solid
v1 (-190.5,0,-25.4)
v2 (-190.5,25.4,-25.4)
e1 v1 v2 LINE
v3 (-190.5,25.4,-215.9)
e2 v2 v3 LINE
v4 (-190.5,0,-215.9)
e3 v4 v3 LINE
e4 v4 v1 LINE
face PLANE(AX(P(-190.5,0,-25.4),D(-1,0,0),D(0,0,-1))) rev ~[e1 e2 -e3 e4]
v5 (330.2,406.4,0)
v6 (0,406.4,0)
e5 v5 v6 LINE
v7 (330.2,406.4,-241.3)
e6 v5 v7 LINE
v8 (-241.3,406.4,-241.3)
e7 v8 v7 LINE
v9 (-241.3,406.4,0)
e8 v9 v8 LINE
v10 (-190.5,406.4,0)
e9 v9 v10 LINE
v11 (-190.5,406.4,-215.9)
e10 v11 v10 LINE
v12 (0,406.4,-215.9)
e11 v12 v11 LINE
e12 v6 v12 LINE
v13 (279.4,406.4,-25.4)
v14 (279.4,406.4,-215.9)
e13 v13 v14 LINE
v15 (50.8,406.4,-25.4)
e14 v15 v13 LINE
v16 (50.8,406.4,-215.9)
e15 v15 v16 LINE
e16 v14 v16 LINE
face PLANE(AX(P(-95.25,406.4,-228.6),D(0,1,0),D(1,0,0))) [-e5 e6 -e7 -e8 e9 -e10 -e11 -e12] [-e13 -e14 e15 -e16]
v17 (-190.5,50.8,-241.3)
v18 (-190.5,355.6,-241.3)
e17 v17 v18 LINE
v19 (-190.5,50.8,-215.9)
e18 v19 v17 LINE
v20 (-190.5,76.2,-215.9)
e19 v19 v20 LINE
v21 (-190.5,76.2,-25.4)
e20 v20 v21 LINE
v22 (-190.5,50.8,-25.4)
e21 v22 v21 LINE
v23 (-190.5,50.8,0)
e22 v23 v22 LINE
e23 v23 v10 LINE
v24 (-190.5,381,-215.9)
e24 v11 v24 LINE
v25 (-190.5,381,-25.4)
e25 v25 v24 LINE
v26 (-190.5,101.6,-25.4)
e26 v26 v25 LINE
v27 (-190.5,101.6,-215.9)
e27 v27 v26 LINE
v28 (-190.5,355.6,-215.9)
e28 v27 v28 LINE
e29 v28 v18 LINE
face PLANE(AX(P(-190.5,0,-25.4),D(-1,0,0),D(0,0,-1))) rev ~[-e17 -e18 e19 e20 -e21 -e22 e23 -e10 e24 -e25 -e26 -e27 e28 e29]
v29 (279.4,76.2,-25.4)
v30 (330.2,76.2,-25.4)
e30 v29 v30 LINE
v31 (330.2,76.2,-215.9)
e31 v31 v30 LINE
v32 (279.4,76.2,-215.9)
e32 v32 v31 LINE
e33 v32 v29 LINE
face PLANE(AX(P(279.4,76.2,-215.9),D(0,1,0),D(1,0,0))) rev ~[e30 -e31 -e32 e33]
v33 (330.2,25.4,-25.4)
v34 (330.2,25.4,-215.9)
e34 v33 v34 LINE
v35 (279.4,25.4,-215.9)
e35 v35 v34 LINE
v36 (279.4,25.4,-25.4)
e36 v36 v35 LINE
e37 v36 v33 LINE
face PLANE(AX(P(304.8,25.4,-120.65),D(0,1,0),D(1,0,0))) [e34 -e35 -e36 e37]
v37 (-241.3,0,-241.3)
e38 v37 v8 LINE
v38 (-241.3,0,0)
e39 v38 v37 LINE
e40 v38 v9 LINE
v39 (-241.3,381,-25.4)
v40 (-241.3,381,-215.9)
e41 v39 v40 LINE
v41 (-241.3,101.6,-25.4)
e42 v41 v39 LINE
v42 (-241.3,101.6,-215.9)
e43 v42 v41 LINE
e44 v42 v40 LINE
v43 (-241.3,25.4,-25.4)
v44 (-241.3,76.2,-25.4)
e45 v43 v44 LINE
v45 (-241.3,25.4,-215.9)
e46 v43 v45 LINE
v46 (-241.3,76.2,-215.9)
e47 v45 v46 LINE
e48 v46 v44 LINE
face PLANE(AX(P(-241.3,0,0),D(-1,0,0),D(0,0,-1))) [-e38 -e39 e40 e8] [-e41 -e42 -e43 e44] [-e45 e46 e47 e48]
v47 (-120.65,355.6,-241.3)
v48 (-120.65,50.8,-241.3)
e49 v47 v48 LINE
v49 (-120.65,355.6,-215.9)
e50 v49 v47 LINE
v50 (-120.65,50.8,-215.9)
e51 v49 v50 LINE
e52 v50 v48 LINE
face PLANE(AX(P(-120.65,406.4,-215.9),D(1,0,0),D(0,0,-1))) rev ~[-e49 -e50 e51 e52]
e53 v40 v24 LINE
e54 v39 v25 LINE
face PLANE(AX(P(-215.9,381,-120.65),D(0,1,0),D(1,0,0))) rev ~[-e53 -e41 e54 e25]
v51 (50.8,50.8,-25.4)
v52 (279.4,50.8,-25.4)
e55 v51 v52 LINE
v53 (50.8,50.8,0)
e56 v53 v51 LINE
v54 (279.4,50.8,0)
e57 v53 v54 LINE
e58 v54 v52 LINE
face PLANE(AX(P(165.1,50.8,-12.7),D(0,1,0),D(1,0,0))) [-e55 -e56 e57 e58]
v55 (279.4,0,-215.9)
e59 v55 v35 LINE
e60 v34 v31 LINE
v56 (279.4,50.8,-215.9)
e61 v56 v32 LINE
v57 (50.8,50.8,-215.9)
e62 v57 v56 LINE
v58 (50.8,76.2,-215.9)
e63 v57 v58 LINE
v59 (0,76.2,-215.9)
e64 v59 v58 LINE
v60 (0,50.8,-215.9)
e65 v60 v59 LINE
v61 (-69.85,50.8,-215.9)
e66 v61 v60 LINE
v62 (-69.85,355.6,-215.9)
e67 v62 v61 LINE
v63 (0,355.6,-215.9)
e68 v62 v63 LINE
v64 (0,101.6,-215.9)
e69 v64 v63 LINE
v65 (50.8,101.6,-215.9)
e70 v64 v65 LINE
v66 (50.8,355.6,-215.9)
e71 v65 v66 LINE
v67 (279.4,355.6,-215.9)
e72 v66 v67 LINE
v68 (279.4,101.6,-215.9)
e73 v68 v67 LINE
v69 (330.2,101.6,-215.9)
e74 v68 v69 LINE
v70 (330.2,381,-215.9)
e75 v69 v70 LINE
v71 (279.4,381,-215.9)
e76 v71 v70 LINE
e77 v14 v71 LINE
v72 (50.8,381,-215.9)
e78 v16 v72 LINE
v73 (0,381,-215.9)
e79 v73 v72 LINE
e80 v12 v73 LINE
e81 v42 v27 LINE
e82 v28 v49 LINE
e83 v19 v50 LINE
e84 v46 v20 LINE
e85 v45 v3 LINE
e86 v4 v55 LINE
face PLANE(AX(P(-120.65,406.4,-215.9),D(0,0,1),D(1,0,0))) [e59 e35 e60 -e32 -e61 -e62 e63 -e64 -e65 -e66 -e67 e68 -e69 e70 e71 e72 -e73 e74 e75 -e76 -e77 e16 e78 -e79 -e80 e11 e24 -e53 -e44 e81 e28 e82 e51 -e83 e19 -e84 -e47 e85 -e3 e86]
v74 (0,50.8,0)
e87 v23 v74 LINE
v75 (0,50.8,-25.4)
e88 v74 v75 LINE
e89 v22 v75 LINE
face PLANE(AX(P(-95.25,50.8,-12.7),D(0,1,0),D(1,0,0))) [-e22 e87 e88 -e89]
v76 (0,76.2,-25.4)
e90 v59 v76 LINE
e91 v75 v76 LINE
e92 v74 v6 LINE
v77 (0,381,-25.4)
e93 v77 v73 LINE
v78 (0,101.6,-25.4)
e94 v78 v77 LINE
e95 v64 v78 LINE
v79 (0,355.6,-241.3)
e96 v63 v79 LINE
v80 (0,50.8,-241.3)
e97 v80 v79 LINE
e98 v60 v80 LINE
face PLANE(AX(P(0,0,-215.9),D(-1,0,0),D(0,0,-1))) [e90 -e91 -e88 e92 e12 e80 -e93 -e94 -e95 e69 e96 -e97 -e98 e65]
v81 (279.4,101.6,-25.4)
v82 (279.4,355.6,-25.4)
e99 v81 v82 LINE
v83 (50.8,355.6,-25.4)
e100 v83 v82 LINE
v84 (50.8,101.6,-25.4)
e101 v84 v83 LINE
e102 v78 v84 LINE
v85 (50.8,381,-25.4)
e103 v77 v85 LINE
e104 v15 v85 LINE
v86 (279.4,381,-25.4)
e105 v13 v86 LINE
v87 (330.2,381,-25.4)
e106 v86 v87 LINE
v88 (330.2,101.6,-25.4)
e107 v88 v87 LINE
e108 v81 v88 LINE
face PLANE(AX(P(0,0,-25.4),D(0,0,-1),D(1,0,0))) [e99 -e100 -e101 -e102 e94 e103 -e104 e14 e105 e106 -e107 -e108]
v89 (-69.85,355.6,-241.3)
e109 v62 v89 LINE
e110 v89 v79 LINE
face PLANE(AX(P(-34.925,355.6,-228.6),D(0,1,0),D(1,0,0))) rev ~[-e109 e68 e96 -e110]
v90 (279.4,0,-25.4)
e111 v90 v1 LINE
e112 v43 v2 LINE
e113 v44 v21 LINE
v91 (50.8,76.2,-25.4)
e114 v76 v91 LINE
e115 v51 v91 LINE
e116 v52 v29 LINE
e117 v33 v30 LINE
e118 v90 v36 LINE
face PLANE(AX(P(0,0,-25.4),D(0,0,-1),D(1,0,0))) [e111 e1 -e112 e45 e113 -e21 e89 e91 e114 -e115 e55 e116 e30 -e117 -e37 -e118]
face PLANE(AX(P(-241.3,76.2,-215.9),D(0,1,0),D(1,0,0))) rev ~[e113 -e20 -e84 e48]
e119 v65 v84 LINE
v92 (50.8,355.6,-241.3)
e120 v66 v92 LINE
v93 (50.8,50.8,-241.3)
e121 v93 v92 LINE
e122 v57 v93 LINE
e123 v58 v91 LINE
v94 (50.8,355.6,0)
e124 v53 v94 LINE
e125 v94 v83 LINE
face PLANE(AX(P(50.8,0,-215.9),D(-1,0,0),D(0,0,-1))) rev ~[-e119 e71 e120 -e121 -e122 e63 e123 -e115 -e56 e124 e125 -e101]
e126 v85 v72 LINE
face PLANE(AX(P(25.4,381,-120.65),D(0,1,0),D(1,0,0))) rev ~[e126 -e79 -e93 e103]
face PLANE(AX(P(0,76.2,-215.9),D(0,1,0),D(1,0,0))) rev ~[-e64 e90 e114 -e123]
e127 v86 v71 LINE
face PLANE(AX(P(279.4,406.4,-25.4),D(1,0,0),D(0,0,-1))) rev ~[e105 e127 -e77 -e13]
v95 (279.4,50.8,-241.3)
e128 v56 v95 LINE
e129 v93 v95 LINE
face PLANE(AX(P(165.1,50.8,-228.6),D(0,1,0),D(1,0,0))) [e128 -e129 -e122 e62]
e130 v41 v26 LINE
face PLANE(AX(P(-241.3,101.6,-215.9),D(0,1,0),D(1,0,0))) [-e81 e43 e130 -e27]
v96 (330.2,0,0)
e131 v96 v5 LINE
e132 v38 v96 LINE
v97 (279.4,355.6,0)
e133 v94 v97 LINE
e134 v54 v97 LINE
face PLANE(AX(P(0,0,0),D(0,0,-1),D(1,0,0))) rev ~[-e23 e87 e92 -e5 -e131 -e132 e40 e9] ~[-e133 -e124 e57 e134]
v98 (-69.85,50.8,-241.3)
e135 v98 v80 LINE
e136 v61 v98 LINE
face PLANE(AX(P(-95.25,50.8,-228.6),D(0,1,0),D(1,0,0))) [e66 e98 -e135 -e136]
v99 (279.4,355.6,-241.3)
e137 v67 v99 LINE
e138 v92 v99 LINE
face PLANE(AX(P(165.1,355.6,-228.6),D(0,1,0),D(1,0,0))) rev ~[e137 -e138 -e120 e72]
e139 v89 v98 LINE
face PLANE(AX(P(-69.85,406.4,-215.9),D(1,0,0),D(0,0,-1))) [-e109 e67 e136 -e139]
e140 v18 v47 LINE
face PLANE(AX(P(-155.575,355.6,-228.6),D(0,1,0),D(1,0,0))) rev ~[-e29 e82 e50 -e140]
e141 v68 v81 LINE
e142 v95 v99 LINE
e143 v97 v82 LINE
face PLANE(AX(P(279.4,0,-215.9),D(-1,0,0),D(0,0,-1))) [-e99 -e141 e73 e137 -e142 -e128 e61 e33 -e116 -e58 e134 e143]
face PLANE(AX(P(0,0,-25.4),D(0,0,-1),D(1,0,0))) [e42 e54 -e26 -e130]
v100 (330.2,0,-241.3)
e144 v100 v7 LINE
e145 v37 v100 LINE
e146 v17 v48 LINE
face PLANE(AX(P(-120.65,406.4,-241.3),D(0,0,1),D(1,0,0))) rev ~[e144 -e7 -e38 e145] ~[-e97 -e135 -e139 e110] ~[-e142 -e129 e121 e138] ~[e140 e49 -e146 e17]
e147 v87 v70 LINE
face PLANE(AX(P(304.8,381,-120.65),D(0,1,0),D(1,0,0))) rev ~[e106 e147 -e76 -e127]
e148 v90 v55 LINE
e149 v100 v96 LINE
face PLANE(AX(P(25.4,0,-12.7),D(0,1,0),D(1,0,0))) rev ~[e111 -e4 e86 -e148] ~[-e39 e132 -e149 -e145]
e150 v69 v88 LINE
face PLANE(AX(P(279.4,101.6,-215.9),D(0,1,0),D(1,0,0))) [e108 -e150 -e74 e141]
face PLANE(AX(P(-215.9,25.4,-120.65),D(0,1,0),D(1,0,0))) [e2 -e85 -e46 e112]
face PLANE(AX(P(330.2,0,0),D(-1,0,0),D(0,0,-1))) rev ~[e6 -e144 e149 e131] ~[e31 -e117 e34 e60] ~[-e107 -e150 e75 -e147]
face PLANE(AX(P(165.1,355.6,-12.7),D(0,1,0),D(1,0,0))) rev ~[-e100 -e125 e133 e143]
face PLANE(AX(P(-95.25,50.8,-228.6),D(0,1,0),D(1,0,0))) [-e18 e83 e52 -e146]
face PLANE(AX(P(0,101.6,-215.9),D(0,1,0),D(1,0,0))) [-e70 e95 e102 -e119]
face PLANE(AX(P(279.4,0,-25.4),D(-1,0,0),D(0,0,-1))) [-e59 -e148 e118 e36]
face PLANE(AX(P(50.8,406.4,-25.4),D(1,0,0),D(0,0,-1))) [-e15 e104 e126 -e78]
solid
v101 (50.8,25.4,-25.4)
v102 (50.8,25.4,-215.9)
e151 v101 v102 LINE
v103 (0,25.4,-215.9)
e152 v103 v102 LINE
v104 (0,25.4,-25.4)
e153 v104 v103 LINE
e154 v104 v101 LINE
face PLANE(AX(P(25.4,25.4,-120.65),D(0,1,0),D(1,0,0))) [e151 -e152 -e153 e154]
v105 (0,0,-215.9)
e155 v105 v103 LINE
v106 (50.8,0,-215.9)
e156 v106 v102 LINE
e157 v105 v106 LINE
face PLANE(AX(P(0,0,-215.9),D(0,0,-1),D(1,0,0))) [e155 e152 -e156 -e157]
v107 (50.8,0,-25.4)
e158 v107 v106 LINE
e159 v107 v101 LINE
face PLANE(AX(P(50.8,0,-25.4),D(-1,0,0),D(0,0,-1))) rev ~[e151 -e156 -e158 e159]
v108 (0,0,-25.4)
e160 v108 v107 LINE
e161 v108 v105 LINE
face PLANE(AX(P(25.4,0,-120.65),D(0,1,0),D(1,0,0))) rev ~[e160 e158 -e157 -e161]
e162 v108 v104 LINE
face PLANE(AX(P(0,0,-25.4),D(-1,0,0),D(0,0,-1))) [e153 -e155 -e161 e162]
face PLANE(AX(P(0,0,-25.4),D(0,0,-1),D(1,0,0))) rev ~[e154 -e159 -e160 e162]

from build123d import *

# Parameters (mm, degrees)
SKETCH1_W             = 190.5
SKETCH1_H             = 25.4
BOSS_EXTRUDE1_DEPTH   = 50.8
BOSS_EXTRUDE1_2_DEPTH = 50.8
SKETCH1_W_2           = 228.6
BOSS_EXTRUDE1_3_DEPTH = 50.8
BOSS_EXTRUDE1_4_DEPTH = 50.8
SKETCH1_3_W           = 50.8
SKETCH1_3_H           = 190.5
BOSS_EXTRUDE2_DEPTH   = 25.4
BOSS_EXTRUDE2_2_DEPTH = 25.4
BOSS_EXTRUDE2_3_DEPTH = 25.4
SKETCH1_4_W           = 50.8
SKETCH1_4_H           = 25.4
BOSS_EXTRUDE3_DEPTH   = 406.4
SKETCH2_W             = 228.6
SKETCH2_H             = 25.4
SKETCH2_W_2           = 69.85
BOSS_EXTRUDE8_DEPTH   = 50.8
SKETCH2_3_W           = 50.8
SKETCH2_3_H           = 190.5
BOSS_EXTRUDE9_DEPTH   = 25.4
SKETCH2_4_W           = 50.8
SKETCH2_4_H           = 25.4
BOSS_EXTRUDE10_DEPTH  = 355.6
SKETCH3_W             = 50.8
SKETCH3_H             = 25.4
BOSS_EXTRUDE11_DEPTH  = 190.5


with BuildPart() as part:
    # Sketch1 → Boss-Extrude1 (new body)
    with BuildSketch(Plane(origin=(0, 0, 0), x_dir=(1, 0, 0), z_dir=(0, 1, 0))):
        with Locations((-95.25, 12.7)):
            Rectangle(SKETCH1_W, SKETCH1_H)
    extrude(amount=BOSS_EXTRUDE1_DEPTH)


with BuildPart() as body_2:
    # Sketch1 → Boss-Extrude1 2 (new body)
    with BuildSketch(Plane(origin=(0, 0, 0), x_dir=(1, 0, 0), z_dir=(0, 1, 0))):
        with Locations((-95.25, 228.6)):
            Rectangle(SKETCH1_W, SKETCH1_H)
    extrude(amount=BOSS_EXTRUDE1_2_DEPTH)



with BuildPart() as body_3:
    # Sketch1 → Boss-Extrude1 3 (new body)
    with BuildSketch(Plane(origin=(0, 0, 0), x_dir=(1, 0, 0), z_dir=(0, 1, 0))):
        with Locations((165.1, 228.6)):
            Rectangle(SKETCH1_W_2, SKETCH1_H)
    extrude(amount=BOSS_EXTRUDE1_3_DEPTH)



with BuildPart() as body_4:
    # Sketch1 → Boss-Extrude1 4 (new body)
    with BuildSketch(Plane(origin=(0, 0, 0), x_dir=(1, 0, 0), z_dir=(0, 1, 0))):
        with Locations((165.1, 12.7)):
            Rectangle(SKETCH1_W_2, SKETCH1_H)
    extrude(amount=BOSS_EXTRUDE1_4_DEPTH)


with BuildPart() as body_5:
    # Sketch1<3> → Boss-Extrude2 (new body)
    with BuildSketch(Plane(origin=(0, 0, 0), x_dir=(1, 0, 0), z_dir=(0, 1, 0))):
        with Locations((25.4, 120.65)):
            Rectangle(SKETCH1_3_W, SKETCH1_3_H)
    extrude(amount=BOSS_EXTRUDE2_DEPTH)


with BuildPart() as body_6:
    # Sketch1<3> → Boss-Extrude2 2 (new body)
    with BuildSketch(Plane(origin=(0, 0, 0), x_dir=(1, 0, 0), z_dir=(0, 1, 0))):
        with Locations((304.8, 120.65)):
            Rectangle(SKETCH1_3_W, SKETCH1_3_H)
    extrude(amount=BOSS_EXTRUDE2_2_DEPTH)


with BuildPart() as body_7:
    # Sketch1<3> → Boss-Extrude2 3 (new body)
    with BuildSketch(Plane(origin=(0, 0, 0), x_dir=(1, 0, 0), z_dir=(0, 1, 0))):
        with Locations((-215.9, 120.65)):
            Rectangle(SKETCH1_3_W, SKETCH1_3_H)
    extrude(amount=BOSS_EXTRUDE2_3_DEPTH)


with BuildPart() as body_3_1:
    add(body_3.part)

    add(body_6.part)  # Boss-Extrude3 merges body 6

    add(body_4.part)  # Boss-Extrude3 merges body 4

    add(part.part)  # Boss-Extrude3 merges part

    add(body_7.part)  # Boss-Extrude3 merges body 7
    # Sketch1<4> → Boss-Extrude3 (add)
    with BuildSketch(Plane(origin=(0, 0, 0), x_dir=(1, 0, 0), z_dir=(0, 1, 0))):
        with Locations((25.4, 12.7)):
            Rectangle(SKETCH1_4_W, SKETCH1_4_H)
        with Locations((25.4, 228.6)):
            Rectangle(SKETCH1_4_W, SKETCH1_4_H)
        with Locations((304.8, 228.6)):
            Rectangle(SKETCH1_4_W, SKETCH1_4_H)
        with Locations((304.8, 12.7)):
            Rectangle(SKETCH1_4_W, SKETCH1_4_H)
        with Locations((-215.9, 12.7)):
            Rectangle(SKETCH1_4_W, SKETCH1_4_H)
        with Locations((-215.9, 228.6)):
            Rectangle(SKETCH1_4_W, SKETCH1_4_H)
    extrude(amount=BOSS_EXTRUDE3_DEPTH)

    # Sketch2 → Boss-Extrude8 (add)
    with BuildSketch(Plane(origin=(0, 406.4, 0), x_dir=(1, 0, 0), z_dir=(0, 1, 0))):
        with Locations((165.1, 228.6)):
            Rectangle(SKETCH2_W, SKETCH2_H)
        with Locations((-34.925, 228.6)):
            Rectangle(SKETCH2_W_2, SKETCH2_H)
        with Locations((-155.575, 228.6)):
            Rectangle(SKETCH2_W_2, SKETCH2_H)
        with Locations((165.1, 12.7)):
            Rectangle(SKETCH2_W, SKETCH2_H)
    extrude(amount=-BOSS_EXTRUDE8_DEPTH)

    # Sketch2<3> → Boss-Extrude9 (add)
    with BuildSketch(Plane(origin=(0, 406.4, 0), x_dir=(1, 0, 0), z_dir=(0, 1, 0))):
        with Locations((25.4, 120.65)):
            Rectangle(SKETCH2_3_W, SKETCH2_3_H)
        with Locations((304.8, 120.65)):
            Rectangle(SKETCH2_3_W, SKETCH2_3_H)
        with Locations((-215.9, 120.65)):
            Rectangle(SKETCH2_3_W, SKETCH2_3_H)
    extrude(amount=-BOSS_EXTRUDE9_DEPTH)


with BuildPart() as body_2_1:
    add(body_2.part)

    add(body_3_1.part)  # Boss-Extrude10 merges body 3
    # Sketch2<4> → Boss-Extrude10 (add)
    with BuildSketch(Plane(origin=(0, 406.4, 0), x_dir=(1, 0, 0), z_dir=(0, 1, 0))):
        with Locations((-95.25, 228.6)):
            Rectangle(SKETCH2_4_W, SKETCH2_4_H)
    extrude(amount=-BOSS_EXTRUDE10_DEPTH)

    # Sketch3 → Boss-Extrude11 (add)
    with BuildSketch(Plane.XY.offset(-215.9)):
        with Locations((-215.9, 88.9)):
            Rectangle(SKETCH3_W, SKETCH3_H)
        with Locations((25.4, 88.9)):
            Rectangle(SKETCH3_W, SKETCH3_H)
        with Locations((304.8, 88.9)):
            Rectangle(SKETCH3_W, SKETCH3_H)
    extrude(amount=BOSS_EXTRUDE11_DEPTH)


solid = Compound([body_5.part, body_2_1.part])
